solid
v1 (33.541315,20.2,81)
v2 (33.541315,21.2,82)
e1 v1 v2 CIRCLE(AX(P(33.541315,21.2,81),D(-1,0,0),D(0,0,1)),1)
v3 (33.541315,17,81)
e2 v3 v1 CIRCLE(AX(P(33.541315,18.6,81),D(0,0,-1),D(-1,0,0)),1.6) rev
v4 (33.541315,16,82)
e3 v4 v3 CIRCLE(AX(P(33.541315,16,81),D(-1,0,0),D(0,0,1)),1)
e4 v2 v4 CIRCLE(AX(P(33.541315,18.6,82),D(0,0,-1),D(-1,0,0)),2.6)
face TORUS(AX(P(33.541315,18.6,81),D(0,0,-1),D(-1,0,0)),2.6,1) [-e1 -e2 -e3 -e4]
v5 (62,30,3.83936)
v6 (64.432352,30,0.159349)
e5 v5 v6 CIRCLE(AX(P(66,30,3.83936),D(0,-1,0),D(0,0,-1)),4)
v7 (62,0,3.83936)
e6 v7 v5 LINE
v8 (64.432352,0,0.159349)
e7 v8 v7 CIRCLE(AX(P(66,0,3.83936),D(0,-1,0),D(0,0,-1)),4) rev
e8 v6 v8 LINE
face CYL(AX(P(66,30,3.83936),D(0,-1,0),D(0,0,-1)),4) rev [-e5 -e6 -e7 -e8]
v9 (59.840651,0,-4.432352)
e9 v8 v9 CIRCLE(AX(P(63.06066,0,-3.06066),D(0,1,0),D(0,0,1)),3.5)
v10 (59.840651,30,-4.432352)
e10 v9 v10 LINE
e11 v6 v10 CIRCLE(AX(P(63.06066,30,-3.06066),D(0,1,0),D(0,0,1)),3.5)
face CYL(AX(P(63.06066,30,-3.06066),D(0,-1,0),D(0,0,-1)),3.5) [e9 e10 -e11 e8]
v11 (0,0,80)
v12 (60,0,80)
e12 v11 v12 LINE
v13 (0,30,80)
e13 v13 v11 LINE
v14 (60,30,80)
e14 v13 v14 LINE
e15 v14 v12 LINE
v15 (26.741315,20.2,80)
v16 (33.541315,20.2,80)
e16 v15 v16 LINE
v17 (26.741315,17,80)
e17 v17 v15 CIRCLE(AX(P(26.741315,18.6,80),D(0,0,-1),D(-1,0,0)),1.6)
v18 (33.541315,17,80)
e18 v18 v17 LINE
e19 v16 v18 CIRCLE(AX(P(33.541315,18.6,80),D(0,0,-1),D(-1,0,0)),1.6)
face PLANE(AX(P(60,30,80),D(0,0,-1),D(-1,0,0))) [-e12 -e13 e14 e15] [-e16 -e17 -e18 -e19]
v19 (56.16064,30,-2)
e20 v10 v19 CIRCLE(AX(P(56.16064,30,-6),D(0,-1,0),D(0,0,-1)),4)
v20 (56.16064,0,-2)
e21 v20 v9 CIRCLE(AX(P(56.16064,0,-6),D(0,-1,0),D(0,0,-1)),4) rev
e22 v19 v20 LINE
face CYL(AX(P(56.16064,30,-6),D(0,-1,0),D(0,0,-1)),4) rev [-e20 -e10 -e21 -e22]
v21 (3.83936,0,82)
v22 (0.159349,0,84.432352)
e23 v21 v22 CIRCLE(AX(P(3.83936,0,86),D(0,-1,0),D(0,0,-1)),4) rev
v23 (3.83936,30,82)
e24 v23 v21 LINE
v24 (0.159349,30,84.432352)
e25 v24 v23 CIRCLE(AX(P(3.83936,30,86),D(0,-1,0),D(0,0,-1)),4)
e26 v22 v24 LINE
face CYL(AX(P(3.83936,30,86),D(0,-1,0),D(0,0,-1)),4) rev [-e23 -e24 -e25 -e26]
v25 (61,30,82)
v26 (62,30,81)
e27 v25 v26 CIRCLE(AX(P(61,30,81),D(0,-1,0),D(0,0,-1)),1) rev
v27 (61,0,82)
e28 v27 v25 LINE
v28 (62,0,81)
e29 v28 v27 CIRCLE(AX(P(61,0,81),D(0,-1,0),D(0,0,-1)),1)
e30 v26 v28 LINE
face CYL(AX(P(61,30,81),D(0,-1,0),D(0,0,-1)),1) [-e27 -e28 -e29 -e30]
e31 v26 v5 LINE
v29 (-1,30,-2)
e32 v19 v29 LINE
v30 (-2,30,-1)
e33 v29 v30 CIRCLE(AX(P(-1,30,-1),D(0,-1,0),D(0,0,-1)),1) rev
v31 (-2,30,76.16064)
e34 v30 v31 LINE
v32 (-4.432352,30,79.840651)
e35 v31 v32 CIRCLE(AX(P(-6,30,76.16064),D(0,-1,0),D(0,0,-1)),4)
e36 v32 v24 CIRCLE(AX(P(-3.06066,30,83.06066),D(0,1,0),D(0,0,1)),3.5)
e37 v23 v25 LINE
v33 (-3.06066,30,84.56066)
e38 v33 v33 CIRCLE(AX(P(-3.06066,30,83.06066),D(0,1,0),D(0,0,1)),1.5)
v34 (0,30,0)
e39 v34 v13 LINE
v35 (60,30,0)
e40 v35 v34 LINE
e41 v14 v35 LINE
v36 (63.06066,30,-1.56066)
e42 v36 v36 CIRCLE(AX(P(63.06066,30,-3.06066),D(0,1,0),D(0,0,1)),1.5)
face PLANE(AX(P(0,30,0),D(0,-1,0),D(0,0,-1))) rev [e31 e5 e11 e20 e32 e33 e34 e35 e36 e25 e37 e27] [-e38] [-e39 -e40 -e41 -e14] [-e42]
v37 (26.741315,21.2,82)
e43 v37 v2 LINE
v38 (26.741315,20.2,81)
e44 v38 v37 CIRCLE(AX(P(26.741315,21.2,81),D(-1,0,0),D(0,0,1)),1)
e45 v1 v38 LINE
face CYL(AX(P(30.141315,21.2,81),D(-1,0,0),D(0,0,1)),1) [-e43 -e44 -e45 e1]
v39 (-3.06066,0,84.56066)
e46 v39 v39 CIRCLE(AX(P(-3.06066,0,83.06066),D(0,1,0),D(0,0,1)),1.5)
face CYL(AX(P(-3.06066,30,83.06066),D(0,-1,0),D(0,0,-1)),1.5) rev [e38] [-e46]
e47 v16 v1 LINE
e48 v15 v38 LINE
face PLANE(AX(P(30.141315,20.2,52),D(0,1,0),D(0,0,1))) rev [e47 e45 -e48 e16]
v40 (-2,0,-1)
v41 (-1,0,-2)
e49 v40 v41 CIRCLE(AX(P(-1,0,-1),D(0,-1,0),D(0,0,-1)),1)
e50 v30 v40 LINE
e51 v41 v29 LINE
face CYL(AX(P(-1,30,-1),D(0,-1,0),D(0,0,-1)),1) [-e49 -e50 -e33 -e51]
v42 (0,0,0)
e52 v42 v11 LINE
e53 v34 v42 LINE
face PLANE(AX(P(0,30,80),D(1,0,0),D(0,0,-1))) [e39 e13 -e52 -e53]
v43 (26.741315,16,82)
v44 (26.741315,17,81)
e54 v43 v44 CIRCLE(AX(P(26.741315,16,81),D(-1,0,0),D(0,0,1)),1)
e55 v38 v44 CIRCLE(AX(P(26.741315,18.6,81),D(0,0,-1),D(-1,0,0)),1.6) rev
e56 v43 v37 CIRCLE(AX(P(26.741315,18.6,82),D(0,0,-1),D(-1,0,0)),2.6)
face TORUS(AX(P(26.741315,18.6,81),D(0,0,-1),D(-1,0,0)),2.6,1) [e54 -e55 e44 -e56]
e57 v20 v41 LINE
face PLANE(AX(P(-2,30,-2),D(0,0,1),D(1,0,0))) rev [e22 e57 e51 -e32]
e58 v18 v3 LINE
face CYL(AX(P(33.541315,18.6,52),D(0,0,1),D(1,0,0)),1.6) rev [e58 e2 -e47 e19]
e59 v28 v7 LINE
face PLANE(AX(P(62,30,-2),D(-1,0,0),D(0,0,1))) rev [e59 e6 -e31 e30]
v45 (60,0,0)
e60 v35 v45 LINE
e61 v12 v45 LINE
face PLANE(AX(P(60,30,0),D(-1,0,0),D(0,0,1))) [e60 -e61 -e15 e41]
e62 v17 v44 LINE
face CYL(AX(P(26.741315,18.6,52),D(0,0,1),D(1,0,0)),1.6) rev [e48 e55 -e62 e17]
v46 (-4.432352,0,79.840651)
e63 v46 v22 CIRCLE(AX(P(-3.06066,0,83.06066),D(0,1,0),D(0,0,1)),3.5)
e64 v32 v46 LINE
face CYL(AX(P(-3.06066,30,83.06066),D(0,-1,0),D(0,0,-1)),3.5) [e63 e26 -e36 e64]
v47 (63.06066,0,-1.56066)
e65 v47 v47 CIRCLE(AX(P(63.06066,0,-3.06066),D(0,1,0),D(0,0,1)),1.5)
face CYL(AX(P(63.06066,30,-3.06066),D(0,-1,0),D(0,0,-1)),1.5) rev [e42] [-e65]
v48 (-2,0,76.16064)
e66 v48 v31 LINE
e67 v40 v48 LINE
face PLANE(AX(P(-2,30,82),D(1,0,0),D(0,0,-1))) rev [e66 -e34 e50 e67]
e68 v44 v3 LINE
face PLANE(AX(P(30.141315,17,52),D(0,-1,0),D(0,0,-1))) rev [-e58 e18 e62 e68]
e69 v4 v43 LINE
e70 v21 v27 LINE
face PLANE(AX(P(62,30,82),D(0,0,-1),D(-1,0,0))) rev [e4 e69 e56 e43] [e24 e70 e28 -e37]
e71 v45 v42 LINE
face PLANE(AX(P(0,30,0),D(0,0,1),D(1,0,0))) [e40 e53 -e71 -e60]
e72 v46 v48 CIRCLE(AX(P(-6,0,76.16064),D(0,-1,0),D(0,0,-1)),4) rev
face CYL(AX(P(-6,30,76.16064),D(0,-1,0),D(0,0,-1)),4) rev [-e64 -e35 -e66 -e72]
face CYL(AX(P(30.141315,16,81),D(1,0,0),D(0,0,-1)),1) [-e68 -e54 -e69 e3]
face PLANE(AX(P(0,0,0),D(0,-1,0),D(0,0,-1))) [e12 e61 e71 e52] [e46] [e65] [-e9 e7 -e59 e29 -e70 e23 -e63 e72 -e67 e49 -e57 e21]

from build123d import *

# Parameters (mm, degrees)
SKETCH1_W           = 64
SKETCH1_H           = 84
SKETCH1_W_2         = 60
SKETCH1_H_2         = 80
BOSS_EXTRUDE1_DEPTH = 30
SKETCH2_R           = 3.5
SKETCH2_R_2         = 1.5
BOSS_EXTRUDE2_DEPTH = 30
CUT_EXTRUDE1_DEPTH  = 30
FILLET2_R           = 1
FILLET3_R           = 4
FILLET4_R           = 1


with BuildPart() as part:
    # Sketch1 → Boss-Extrude1 (new body)
    with BuildSketch(Plane(origin=(0, 0, 0), x_dir=(1, 0, 0), z_dir=(0, 1, 0))):
        with Locations((30, -40)):
            Rectangle(SKETCH1_W, SKETCH1_H)
        with Locations((30, -40)):
            Rectangle(SKETCH1_W_2, SKETCH1_H_2, mode=Mode.SUBTRACT)
    extrude(amount=BOSS_EXTRUDE1_DEPTH)

    # Sketch2 → Boss-Extrude2 (add)
    # profile 1 of 2: a face of its own
    with BuildSketch(Plane(origin=(0, 0, 0), x_dir=(1, 0, 0), z_dir=(0, 1, 0))):
        with Locations((-3.060660172, -83.060660172)):
            Circle(SKETCH2_R)
        with Locations(Location((-3.060660172, -83.060660172, 0), (0, 0, 270))):
            Circle(SKETCH2_R_2, mode=Mode.SUBTRACT)
    # profile 2 of 2: a face of its own
    with BuildSketch(Plane(origin=(0, 0, 0), x_dir=(1, 0, 0), z_dir=(0, 1, 0))):
        with Locations((63.060660172, 3.060660172)):
            Circle(SKETCH2_R)
        with Locations(Location((63.060660172, 3.060660172, 0), (0, 0, 270))):
            Circle(SKETCH2_R_2, mode=Mode.SUBTRACT)
    extrude(amount=BOSS_EXTRUDE2_DEPTH)

    # Sketch4 → Cut-Extrude1 (cut)
    with BuildSketch(Plane.XY.offset(82)):
        with BuildLine():
            Line((30.141314867, 20.2), (26.741314867, 20.2))
            ThreePointArc((26.741314867, 20.2), (25.141314867, 18.6), (26.741314867, 17))
            Line((26.741314867, 17), (30.141314867, 17))
            Line((30.141314867, 17), (33.541314867, 17))
            ThreePointArc((33.541314867, 17), (35.141314867, 18.6), (33.541314867, 20.2))
            Line((33.541314867, 20.2), (30.141314867, 20.2))
        make_face()
    extrude(amount=-CUT_EXTRUDE1_DEPTH, mode=Mode.SUBTRACT)

    # Fillet2
    fillet2_edges = [part.edges().sort_by_distance(p)[0] for p in [
        (30.141314867, 17, 82),
        (35.141314867, 18.6, 82),
        (30.141314867, 20.2, 82),
        (25.141314867, 18.6, 82),
    ]]
    fillet(fillet2_edges, radius=FILLET2_R)

    # Fillet3
    fillet3_edges = [part.edges().sort_by_distance(p)[0] for p in [
        (-2, 15, 79.725244156),
        (59.725244156, 15, -2),
        (0.274755844, 15, 82),
        (62, 15, 0.274755844),
    ]]
    fillet(fillet3_edges, radius=FILLET3_R)

    # Fillet4
    fillet4_edges = [part.edges().sort_by_distance(p)[0] for p in [
        (-2, 15, -2),
        (62, 15, 82),
    ]]
    fillet(fillet4_edges, radius=FILLET4_R)


solid = part.part
